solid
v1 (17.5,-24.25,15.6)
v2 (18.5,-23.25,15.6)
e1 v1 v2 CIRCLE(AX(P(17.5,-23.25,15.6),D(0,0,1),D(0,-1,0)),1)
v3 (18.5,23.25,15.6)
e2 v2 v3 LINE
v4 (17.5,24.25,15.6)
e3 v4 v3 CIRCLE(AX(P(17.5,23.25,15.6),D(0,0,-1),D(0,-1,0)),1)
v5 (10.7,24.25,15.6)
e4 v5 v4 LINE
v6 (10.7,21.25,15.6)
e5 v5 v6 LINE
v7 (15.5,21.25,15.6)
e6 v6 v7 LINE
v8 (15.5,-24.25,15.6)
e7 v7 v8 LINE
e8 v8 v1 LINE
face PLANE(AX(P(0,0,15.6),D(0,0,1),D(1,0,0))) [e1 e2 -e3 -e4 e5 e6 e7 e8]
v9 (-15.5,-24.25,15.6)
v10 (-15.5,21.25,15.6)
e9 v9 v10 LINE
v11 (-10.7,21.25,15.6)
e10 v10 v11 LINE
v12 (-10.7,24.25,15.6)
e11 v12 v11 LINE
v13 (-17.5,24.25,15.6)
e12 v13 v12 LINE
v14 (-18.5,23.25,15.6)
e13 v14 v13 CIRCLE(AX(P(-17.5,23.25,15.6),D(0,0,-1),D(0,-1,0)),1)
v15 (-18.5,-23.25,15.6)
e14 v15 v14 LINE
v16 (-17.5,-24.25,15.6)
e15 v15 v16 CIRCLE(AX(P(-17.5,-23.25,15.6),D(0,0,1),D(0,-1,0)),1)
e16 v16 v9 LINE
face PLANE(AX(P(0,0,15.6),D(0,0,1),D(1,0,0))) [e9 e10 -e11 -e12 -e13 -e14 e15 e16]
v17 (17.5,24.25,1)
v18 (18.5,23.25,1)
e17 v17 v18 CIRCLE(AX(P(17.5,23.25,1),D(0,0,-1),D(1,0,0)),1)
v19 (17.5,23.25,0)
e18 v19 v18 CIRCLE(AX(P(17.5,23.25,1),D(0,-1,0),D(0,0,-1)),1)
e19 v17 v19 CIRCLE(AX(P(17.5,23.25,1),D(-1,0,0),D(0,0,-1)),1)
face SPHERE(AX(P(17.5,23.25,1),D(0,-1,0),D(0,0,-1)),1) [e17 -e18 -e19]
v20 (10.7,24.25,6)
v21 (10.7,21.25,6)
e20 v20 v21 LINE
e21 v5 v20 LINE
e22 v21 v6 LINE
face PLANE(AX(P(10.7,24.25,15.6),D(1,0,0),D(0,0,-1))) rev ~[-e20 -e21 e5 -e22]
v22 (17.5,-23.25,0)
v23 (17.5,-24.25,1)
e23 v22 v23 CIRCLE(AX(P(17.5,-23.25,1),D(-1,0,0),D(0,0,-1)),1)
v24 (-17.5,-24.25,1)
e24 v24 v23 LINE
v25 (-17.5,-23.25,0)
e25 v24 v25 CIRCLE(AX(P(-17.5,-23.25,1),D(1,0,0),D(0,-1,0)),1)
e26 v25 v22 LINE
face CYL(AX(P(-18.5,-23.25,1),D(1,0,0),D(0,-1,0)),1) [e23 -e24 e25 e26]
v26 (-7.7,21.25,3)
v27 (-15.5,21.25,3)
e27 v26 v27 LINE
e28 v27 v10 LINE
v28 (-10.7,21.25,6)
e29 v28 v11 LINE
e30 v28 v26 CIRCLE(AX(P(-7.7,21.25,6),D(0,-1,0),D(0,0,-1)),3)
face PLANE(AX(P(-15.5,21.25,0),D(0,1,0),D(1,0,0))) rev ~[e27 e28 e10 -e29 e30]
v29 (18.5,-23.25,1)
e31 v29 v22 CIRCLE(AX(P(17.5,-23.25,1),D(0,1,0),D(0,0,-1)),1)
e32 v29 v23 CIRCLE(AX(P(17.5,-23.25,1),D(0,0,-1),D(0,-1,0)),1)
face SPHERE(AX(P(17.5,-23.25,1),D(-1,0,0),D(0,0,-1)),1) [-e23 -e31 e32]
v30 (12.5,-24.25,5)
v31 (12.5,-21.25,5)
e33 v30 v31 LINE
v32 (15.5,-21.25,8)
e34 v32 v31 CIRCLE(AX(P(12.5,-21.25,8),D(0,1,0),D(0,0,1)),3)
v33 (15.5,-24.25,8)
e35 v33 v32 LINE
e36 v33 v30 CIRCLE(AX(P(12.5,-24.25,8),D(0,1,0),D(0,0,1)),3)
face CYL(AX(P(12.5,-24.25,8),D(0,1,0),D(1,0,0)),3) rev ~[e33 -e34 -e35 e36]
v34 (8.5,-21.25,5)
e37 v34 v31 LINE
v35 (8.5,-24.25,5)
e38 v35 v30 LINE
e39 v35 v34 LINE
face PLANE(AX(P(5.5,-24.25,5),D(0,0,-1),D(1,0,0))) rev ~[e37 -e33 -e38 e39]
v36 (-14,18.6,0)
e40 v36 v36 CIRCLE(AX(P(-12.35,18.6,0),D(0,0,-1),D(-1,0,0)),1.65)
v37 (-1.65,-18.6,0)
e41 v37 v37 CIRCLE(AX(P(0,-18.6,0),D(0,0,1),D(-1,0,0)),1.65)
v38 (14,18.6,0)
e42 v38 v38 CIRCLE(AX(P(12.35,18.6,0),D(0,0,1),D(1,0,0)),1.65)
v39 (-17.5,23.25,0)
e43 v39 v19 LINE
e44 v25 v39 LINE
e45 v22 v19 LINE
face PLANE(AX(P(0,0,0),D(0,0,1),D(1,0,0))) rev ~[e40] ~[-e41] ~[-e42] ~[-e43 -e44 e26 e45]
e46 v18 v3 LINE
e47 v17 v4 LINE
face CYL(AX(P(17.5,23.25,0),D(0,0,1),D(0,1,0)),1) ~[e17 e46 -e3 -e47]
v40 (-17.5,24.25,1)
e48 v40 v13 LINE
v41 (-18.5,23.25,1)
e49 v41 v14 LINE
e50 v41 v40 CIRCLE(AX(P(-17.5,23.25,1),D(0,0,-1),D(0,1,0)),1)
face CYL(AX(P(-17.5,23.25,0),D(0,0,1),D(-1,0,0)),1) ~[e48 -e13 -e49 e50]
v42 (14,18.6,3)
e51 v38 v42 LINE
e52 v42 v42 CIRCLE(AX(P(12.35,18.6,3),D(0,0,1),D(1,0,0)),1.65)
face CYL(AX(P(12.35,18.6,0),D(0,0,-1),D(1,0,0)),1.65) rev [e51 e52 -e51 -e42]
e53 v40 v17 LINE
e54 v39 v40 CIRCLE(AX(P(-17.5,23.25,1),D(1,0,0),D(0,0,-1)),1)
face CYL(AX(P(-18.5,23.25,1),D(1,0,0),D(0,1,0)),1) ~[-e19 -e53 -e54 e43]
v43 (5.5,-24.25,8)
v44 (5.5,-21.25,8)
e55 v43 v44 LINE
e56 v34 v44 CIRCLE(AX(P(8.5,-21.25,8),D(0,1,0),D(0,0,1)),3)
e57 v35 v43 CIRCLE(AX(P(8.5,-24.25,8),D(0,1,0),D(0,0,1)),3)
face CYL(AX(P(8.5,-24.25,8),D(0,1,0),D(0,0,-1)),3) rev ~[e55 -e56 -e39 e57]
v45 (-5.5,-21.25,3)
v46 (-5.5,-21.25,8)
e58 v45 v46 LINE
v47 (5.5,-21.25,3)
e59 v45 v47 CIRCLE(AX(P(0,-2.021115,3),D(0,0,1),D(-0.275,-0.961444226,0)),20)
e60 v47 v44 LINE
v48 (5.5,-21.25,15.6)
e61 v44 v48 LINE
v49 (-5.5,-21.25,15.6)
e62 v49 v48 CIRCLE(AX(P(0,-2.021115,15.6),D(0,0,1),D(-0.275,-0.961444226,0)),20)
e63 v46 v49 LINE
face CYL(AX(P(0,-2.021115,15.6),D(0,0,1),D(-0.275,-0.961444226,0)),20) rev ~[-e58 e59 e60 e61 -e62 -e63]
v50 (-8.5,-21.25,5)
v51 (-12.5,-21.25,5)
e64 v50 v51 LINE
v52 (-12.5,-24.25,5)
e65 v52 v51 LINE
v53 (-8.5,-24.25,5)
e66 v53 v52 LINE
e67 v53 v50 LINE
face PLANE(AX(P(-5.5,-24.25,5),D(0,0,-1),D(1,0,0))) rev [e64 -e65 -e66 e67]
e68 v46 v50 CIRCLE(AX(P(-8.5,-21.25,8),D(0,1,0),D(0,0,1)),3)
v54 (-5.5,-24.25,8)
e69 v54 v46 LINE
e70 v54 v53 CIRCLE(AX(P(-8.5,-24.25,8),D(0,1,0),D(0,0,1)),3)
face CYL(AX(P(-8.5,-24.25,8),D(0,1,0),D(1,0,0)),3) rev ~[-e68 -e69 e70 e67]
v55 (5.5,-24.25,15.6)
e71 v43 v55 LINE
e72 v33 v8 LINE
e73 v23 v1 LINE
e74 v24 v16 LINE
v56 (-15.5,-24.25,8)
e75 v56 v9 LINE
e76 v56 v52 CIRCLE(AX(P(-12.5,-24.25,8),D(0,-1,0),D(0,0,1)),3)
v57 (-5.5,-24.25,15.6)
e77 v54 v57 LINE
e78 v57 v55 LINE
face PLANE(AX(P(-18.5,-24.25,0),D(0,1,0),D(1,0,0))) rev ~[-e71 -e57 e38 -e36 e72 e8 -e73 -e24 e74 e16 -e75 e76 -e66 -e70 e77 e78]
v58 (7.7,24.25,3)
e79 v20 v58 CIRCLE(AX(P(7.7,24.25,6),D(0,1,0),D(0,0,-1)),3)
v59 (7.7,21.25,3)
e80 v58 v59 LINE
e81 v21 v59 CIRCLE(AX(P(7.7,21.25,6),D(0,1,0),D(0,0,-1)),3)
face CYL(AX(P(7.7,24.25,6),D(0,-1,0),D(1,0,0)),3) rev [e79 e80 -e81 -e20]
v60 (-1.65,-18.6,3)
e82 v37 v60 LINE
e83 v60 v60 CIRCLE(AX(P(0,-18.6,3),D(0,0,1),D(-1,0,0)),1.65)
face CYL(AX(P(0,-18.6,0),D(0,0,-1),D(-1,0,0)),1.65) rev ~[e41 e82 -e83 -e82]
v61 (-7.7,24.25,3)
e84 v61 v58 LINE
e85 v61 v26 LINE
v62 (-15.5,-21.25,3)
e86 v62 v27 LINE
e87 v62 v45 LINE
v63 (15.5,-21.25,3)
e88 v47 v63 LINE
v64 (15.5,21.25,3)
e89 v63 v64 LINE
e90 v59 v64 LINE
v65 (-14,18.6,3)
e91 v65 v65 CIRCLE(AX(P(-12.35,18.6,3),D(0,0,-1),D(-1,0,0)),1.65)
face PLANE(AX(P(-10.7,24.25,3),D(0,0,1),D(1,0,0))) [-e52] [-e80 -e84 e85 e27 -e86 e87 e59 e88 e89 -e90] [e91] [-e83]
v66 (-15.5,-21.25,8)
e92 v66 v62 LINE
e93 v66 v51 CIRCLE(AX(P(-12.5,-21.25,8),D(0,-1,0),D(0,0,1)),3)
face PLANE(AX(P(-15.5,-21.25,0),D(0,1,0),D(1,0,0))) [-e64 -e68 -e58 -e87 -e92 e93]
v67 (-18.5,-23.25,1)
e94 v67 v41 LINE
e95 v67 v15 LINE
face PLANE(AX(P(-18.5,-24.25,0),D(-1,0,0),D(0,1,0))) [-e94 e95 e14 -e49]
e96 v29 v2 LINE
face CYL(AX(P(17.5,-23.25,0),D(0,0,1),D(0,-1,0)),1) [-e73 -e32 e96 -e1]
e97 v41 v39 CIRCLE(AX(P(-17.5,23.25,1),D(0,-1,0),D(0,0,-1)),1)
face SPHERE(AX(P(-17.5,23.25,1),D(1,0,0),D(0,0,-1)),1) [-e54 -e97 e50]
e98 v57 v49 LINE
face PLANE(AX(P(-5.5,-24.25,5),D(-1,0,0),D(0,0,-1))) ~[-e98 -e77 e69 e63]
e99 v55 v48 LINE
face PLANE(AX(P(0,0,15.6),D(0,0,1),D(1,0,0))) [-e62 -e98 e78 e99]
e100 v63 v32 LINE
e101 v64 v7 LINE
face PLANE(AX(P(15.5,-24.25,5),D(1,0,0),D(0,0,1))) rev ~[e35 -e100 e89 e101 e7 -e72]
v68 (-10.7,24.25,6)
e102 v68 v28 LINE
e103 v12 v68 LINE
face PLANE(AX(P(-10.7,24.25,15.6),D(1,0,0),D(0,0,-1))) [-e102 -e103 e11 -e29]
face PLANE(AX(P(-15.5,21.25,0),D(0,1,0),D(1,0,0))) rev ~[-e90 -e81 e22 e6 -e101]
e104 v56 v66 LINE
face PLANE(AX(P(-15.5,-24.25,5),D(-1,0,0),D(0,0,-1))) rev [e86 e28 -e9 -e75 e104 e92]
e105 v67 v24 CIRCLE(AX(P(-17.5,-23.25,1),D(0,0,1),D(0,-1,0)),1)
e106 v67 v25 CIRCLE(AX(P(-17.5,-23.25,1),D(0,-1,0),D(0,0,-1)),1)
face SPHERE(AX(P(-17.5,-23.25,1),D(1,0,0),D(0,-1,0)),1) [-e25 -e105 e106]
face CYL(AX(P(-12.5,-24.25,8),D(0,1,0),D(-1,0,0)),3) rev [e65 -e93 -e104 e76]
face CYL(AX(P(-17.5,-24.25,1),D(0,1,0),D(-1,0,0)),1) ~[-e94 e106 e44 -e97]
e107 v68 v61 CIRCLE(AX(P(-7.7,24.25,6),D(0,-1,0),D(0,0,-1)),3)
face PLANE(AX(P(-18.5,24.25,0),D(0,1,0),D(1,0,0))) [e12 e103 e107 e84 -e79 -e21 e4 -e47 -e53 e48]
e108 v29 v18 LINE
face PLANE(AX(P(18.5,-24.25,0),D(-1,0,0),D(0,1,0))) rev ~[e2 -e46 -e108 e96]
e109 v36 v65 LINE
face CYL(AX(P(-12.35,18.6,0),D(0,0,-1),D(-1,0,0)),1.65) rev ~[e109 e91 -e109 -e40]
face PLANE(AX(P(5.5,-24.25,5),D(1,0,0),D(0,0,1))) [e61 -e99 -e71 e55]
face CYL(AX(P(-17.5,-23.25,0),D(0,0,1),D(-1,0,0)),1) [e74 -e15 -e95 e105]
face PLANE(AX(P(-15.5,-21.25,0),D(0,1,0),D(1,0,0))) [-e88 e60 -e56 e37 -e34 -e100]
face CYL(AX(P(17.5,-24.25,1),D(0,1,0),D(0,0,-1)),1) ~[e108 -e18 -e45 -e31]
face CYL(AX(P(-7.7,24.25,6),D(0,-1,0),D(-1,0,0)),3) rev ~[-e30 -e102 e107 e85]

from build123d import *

# Parameters (mm, degrees)
SKETCH1_W           = 31
SKETCH1_H           = 42.5
BOSS_EXTRUDE1_DEPTH = 3
SKETCH2_W           = 37
SKETCH2_H           = 48.5
SKETCH2_W_2         = 31
SKETCH2_H_2         = 42.5
BOSS_EXTRUDE2_DEPTH = 15.6
CUT_EXTRUDE1_REACH  = 36.259
SKETCH3_R           = 1.65
CUT_EXTRUDE2_REACH  = 56.202
SKETCH4_W           = 21.4
SKETCH4_H           = 12.6
CUT_EXTRUDE3_REACH  = 56.202
SKETCH5_W           = 10
SKETCH5_H           = 10.6
CUT_EXTRUDE5_REACH  = 36.259
FILLET4_R           = 1
FILLET1_R           = 3


with BuildPart() as part:
    # Sketch1 → Boss-Extrude1 (new body)
    with BuildSketch(Plane.XY):
        Rectangle(SKETCH1_W, SKETCH1_H)
    extrude(amount=BOSS_EXTRUDE1_DEPTH)

    # Sketch2 → Boss-Extrude2 (add)
    with BuildSketch(Plane.XY):
        Rectangle(SKETCH2_W, SKETCH2_H)
        Rectangle(SKETCH2_W_2, SKETCH2_H_2, mode=Mode.SUBTRACT)
    extrude(amount=BOSS_EXTRUDE2_DEPTH)

    # Sketch3 → Cut-Extrude1 (cut, up to next)
    with BuildSketch(Plane(origin=(0, 0, 0), x_dir=(-1, 0, 0), z_dir=(0, 0, -1)), mode=Mode.PRIVATE) as cut_extrude1_sk1:
        with Locations((12.35, 18.6)):
            Circle(SKETCH3_R)
    cut_extrude1_tool1 = extrude(cut_extrude1_sk1.sketch, amount=-CUT_EXTRUDE1_REACH, mode=Mode.PRIVATE) & part.part
    # Sketch3 → Cut-Extrude1 (cut, up to next)
    with BuildSketch(Plane(origin=(0, 0, 0), x_dir=(-1, 0, 0), z_dir=(0, 0, -1)), mode=Mode.PRIVATE) as cut_extrude1_sk2:
        with Locations((0, -18.6)):
            Circle(SKETCH3_R)
    cut_extrude1_tool2 = extrude(cut_extrude1_sk2.sketch, amount=-CUT_EXTRUDE1_REACH, mode=Mode.PRIVATE) & part.part
    cut_extrude1_1 = cut_extrude1_tool1.solids().sort_by_distance((-12.35, 18.6, 0))[0]
    add(cut_extrude1_1, mode=Mode.SUBTRACT)
    cut_extrude1_2 = cut_extrude1_tool2.solids().sort_by_distance((0, -18.6, 0))[0]
    add(cut_extrude1_2, mode=Mode.SUBTRACT)
    cut_extrude1 = cut_extrude1_1 + cut_extrude1_2  # Cut-Extrude1 as one shape, for the pattern or mirror that repeats it

    # Mirror1: Cut-Extrude1 across plane
    add(cut_extrude1.mirror(Plane(origin=(0, 0, 0), x_dir=(0, 0, 1), z_dir=(1, 0, 0))), mode=Mode.SUBTRACT)

    # Sketch4 → Cut-Extrude2 (cut, up to next)
    with BuildSketch(Plane(origin=(0, 24.25, 0), x_dir=(1, 0, 0), z_dir=(0, 1, 0)), mode=Mode.PRIVATE) as cut_extrude2_sk1:
        with Locations((0, -9.3)):
            Rectangle(SKETCH4_W, SKETCH4_H)
    cut_extrude2_tool1 = extrude(cut_extrude2_sk1.sketch, amount=-CUT_EXTRUDE2_REACH, mode=Mode.PRIVATE) & part.part
    add(cut_extrude2_tool1.solids().sort_by_distance((0, 24.25, 9.3))[0], mode=Mode.SUBTRACT)

    # Sketch5 → Cut-Extrude3 (cut, up to next)
    with BuildSketch(Plane.XZ.offset(24.25), mode=Mode.PRIVATE) as cut_extrude3_sk1:
        with Locations((10.5, 10.3)):
            Rectangle(SKETCH5_W, SKETCH5_H)
    cut_extrude3_tool1 = extrude(cut_extrude3_sk1.sketch, amount=-CUT_EXTRUDE3_REACH, mode=Mode.PRIVATE) & part.part
    cut_extrude3 = cut_extrude3_tool1.solids().sort_by_distance((10.5, -24.25, 10.3))[0]
    add(cut_extrude3, mode=Mode.SUBTRACT)

    # Mirror2: Cut-Extrude3 across plane
    add(cut_extrude3.mirror(Plane(origin=(0, 0, 0), x_dir=(0, 0, 1), z_dir=(1, 0, 0))), mode=Mode.SUBTRACT)

    # Cut-Extrude5: up to this face of the body (flat: up to its plane)
    cut_extrude5_end = Plane(part.part.faces().sort_by_distance((0, 0.959753002, 3))[0])
    # Sketch6 → Cut-Extrude5 (cut, up to the picked face)
    with BuildSketch(Plane.XY.offset(15.6), mode=Mode.PRIVATE) as cut_extrude5_sk1:
        with BuildLine():
            Line((5.5, -21.25), (-5.5, -21.25))
            ThreePointArc((-5.5, -21.25), (0, -22.021115477), (5.5, -21.25))
        make_face()
    cut_extrude5_tool1 = split(extrude(cut_extrude5_sk1.sketch, amount=-CUT_EXTRUDE5_REACH, mode=Mode.PRIVATE), bisect_by=cut_extrude5_end, keep=Keep.BOTH, mode=Mode.PRIVATE)
    add(cut_extrude5_tool1.solids().sort_by(Axis((0, -21.558962, 15.6), (0, 0, -1)))[0], mode=Mode.SUBTRACT)

    # Fillet4
    fillet4_edges = [part.edges().sort_by_distance(p)[0] for p in [
        (0, -24.25, 0),
        (-18.5, -24.25, 7.8),
        (18.5, 0, 0),
        (18.5, -24.25, 7.8),
        (0, 24.25, 0),
        (18.5, 24.25, 7.8),
        (-18.5, 0, 0),
        (-18.5, 24.25, 7.8),
    ]]
    fillet(fillet4_edges, radius=FILLET4_R)

    # Fillet1
    fillet1_edges = [part.edges().sort_by_distance(p)[0] for p in [
        (10.7, 22.75, 3),
        (-10.7, 22.75, 3),
        (15.5, -22.75, 5),
        (5.5, -22.75, 5),
        (-5.5, -22.75, 5),
        (-15.5, -22.75, 5),
    ]]
    fillet(fillet1_edges, radius=FILLET1_R)


solid = part.part
